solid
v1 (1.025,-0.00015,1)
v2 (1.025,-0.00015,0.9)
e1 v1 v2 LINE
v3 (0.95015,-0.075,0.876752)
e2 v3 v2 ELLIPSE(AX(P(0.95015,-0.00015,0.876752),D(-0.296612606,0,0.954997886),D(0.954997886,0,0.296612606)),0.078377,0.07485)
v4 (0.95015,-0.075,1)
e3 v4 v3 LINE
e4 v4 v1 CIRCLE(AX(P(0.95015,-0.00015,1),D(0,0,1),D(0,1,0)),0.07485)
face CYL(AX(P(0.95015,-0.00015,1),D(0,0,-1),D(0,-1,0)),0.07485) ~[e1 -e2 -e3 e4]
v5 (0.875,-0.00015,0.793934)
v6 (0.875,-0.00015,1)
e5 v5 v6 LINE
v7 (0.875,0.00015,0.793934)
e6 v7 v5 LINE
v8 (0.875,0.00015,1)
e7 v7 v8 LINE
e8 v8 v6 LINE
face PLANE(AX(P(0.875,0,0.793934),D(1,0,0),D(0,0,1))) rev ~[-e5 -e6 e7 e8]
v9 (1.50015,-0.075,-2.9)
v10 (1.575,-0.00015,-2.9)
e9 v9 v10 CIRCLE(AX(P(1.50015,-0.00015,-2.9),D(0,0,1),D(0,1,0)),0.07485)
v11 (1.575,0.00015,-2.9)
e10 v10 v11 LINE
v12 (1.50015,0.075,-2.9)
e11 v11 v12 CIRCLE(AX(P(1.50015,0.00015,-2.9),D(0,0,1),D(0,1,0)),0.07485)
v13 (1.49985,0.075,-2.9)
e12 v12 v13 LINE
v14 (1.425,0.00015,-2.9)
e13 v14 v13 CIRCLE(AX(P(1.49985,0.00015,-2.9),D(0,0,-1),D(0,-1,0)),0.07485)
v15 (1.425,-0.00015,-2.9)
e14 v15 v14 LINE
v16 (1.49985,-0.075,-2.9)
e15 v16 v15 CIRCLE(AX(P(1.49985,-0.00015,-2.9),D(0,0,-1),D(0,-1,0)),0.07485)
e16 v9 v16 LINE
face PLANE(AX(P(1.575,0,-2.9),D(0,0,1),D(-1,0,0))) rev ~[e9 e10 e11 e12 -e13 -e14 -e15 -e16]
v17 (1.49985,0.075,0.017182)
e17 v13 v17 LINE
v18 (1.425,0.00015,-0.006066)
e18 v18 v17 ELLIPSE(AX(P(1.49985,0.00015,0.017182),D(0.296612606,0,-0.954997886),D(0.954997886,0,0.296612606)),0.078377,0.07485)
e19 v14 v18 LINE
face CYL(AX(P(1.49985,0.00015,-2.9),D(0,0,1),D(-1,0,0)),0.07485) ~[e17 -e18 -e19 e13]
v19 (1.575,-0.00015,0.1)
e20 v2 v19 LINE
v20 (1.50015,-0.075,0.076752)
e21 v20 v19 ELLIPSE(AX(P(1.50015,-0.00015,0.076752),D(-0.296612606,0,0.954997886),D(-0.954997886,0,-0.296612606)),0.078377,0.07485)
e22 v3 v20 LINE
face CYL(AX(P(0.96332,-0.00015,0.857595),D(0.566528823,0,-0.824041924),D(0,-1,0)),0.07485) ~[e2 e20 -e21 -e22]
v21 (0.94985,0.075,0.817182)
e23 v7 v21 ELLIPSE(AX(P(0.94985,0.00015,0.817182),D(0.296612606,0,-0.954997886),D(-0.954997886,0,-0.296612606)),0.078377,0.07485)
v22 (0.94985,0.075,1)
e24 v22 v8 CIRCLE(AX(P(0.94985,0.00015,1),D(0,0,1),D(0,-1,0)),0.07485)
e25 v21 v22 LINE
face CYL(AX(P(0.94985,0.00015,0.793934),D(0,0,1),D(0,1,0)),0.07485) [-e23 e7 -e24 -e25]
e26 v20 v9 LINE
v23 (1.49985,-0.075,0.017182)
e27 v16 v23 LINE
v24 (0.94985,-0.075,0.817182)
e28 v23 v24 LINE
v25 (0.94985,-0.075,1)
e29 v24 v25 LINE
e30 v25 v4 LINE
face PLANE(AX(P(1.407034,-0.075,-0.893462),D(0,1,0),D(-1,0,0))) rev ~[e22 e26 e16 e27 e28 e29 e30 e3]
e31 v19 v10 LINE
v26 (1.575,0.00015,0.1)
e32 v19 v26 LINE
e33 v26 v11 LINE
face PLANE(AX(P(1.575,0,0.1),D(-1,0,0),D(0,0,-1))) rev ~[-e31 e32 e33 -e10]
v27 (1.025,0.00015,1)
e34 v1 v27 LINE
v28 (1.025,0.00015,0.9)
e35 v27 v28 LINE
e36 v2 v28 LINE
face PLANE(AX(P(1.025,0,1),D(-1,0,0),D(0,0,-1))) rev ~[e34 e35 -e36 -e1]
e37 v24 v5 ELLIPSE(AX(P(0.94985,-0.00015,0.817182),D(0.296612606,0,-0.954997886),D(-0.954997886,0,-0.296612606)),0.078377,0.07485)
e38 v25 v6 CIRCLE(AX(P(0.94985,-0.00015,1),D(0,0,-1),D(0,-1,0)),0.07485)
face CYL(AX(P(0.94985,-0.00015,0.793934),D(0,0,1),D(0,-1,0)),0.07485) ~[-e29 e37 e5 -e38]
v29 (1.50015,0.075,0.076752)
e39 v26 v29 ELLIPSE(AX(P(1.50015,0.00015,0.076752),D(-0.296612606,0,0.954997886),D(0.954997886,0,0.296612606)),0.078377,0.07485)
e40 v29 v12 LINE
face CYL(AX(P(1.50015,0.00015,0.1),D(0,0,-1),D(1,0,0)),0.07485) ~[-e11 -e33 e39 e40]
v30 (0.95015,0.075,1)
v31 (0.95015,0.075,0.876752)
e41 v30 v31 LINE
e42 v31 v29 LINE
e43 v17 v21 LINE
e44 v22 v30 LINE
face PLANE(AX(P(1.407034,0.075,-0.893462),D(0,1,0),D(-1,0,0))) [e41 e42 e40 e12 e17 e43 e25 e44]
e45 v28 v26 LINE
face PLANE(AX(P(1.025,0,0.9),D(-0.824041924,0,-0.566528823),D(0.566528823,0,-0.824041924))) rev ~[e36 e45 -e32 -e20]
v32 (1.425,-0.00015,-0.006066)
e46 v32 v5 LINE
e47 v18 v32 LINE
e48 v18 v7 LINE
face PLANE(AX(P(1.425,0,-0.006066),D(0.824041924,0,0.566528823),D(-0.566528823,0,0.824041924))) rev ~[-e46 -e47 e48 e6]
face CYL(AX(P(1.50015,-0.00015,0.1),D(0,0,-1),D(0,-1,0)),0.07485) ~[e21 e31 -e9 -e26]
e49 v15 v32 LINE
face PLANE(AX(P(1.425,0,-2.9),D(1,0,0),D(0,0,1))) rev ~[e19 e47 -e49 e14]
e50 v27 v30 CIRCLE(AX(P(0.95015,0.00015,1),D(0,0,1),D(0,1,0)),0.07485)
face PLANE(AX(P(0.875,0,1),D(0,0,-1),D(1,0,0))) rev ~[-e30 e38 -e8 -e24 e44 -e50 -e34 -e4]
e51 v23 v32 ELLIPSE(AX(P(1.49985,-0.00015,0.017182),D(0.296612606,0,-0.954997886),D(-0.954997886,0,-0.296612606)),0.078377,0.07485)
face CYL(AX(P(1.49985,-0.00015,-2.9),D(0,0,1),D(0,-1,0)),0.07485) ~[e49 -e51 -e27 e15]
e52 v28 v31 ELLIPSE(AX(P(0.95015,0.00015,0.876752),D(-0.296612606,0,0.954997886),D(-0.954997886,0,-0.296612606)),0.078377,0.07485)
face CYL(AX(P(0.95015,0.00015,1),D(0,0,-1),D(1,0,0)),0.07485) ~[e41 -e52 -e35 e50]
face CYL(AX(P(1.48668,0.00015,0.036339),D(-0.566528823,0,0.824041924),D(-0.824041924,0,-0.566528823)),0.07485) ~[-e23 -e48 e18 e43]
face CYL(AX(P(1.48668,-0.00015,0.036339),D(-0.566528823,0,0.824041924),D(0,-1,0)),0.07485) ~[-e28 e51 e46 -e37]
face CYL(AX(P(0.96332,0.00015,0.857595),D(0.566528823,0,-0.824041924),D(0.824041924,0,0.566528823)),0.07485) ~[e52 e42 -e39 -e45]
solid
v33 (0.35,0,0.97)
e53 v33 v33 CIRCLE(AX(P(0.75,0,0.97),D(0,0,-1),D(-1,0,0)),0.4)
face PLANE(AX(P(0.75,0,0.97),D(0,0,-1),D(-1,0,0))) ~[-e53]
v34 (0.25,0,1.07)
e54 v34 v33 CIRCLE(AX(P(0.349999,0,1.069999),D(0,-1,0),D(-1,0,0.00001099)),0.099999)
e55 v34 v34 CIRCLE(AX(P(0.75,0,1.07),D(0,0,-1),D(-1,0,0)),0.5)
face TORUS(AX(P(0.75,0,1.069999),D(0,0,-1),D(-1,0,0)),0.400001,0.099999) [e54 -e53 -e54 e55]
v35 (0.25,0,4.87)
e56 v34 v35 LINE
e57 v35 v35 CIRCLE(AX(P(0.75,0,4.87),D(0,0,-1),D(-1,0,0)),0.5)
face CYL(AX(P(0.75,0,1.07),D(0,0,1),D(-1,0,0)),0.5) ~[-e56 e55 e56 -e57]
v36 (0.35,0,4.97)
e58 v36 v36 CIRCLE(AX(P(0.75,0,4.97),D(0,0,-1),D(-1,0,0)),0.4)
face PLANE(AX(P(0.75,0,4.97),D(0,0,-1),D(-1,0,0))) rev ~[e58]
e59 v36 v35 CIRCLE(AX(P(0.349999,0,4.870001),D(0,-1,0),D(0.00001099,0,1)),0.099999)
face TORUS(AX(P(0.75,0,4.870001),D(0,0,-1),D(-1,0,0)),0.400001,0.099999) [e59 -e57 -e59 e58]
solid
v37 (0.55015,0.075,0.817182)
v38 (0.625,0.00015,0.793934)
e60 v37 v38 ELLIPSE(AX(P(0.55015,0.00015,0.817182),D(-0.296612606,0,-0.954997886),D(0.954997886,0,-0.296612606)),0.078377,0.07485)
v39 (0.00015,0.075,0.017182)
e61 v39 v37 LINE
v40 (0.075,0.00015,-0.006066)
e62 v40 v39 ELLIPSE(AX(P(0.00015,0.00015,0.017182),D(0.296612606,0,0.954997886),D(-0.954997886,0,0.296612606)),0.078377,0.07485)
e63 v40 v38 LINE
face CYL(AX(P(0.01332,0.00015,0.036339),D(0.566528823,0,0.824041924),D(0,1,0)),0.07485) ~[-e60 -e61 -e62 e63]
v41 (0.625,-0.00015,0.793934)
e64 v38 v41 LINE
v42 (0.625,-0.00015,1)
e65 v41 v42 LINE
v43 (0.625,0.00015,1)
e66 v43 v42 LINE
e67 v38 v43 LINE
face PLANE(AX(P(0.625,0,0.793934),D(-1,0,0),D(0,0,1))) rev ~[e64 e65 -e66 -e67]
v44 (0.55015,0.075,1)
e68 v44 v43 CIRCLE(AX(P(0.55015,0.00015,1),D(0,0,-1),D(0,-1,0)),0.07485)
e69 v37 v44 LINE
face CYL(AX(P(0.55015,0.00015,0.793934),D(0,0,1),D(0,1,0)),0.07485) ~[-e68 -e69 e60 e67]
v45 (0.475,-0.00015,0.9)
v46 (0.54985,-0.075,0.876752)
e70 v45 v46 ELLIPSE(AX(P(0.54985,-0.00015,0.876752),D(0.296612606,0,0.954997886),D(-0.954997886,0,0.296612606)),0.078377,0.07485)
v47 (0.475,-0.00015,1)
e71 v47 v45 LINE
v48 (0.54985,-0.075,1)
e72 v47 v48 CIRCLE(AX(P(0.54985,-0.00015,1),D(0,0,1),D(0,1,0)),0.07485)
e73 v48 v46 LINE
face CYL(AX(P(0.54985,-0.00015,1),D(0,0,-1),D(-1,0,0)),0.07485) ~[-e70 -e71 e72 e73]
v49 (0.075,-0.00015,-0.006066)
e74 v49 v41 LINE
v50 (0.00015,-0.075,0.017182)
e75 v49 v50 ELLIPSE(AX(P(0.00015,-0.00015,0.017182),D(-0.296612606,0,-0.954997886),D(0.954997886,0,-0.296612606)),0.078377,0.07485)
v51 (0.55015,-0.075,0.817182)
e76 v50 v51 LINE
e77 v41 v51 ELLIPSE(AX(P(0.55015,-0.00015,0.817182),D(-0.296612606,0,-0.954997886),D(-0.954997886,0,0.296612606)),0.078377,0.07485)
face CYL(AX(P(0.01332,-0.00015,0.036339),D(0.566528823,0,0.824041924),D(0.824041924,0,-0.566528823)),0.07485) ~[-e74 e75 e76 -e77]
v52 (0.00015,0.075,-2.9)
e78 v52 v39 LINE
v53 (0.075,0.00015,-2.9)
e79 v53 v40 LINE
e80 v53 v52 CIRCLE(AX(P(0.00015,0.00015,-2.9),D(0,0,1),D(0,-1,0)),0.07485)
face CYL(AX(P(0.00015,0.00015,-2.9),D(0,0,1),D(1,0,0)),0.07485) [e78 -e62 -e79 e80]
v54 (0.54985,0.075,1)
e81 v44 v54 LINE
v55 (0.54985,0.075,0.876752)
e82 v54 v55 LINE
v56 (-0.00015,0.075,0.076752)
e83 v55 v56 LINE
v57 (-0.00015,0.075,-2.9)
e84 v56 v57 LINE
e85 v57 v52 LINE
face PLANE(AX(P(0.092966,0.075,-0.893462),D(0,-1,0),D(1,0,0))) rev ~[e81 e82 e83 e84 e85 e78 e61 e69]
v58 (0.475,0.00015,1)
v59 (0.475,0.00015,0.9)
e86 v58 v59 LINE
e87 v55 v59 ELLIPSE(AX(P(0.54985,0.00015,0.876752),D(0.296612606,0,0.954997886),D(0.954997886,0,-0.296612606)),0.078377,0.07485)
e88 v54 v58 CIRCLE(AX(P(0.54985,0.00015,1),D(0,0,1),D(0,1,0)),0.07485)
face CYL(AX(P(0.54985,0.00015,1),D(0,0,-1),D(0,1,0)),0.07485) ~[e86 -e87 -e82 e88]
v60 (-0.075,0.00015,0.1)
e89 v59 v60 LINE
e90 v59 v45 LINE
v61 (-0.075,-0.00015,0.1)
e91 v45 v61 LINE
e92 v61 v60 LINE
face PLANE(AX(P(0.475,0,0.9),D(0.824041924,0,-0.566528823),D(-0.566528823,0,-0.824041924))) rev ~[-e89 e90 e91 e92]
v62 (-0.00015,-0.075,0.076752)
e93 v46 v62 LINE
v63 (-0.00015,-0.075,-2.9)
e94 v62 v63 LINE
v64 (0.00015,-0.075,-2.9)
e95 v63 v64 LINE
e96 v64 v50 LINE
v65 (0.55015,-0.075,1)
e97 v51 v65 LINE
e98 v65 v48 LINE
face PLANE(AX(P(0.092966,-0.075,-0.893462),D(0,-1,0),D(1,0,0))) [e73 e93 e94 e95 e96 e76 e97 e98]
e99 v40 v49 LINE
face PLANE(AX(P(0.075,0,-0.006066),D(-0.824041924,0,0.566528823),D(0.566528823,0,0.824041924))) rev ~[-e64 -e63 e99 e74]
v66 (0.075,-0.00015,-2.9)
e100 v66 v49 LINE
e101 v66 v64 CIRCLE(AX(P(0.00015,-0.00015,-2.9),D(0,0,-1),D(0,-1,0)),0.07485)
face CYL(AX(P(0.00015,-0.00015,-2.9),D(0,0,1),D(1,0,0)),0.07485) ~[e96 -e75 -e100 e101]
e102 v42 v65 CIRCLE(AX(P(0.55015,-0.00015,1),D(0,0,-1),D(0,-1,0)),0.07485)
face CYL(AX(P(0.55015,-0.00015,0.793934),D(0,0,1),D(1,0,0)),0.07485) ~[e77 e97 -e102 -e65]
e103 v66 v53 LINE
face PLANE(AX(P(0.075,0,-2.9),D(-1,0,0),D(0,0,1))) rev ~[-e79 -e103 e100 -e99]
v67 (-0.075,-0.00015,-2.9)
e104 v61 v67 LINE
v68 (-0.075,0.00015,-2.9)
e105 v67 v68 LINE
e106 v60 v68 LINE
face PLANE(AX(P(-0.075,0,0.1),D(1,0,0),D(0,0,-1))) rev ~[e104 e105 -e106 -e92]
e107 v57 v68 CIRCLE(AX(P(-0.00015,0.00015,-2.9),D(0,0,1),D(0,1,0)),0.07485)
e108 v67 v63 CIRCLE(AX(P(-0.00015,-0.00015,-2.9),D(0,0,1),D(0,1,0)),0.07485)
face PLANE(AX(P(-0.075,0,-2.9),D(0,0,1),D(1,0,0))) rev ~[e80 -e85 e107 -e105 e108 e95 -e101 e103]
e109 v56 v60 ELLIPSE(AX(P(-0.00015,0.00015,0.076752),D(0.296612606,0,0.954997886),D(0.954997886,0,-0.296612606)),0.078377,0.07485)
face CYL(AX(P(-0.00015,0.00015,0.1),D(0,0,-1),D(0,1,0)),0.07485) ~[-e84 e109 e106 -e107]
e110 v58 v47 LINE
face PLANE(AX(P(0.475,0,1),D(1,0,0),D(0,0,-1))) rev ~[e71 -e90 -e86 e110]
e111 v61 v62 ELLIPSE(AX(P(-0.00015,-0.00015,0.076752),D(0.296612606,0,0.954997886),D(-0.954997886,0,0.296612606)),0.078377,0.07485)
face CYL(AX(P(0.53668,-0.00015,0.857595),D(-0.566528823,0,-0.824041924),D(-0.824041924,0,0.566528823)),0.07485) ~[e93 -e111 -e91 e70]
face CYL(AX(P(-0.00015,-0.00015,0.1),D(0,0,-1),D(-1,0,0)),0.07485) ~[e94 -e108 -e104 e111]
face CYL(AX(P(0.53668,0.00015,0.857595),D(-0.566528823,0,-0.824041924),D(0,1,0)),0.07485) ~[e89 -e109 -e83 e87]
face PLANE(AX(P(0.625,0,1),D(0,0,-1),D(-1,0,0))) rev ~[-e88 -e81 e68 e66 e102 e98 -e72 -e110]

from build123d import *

# Parameters (mm, degrees)
PAD_DEPTH = 0.075
FILLET_R  = 0.07485


with BuildPart() as revolution:
    # Sketch002 → Revolution (revolve)
    with BuildSketch(Plane.XZ):
        with BuildLine():
            Line((0.35, 4.97), (0.75, 4.97))
            Line((0.75, 0.97), (0.75, 4.97))
            Line((0.75, 0.97), (0.35, 0.97))
            ThreePointArc((0.25, 1.07), (0.279289, 0.999289), (0.35, 0.97))
            Line((0.25, 1.07), (0.25, 4.87))
            ThreePointArc((0.35, 4.97), (0.279289, 4.940711), (0.25, 4.87))
        make_face()
    revolve(axis=Axis((0.75, 0, 4.97), (0, 0, -1)))


with BuildPart() as fillet_body:
    # Sketch → Pad (new body, symmetric)
    with BuildSketch(Plane.XZ):
        Polygon((0.075, -2.9), (0.075, -0.006066), (0.625, 0.793934), (0.625, 1), (0.475, 1), (0.475, 0.9), (-0.075, 0.1), (-0.075, -2.9), align=None)
        Polygon((0.875, 1), (1.025, 1), (1.025, 0.9), (1.575, 0.1), (1.575, -2.9), (1.425, -2.9), (1.425, -0.006066), (0.875, 0.793934), align=None)
    extrude(amount=PAD_DEPTH, both=True)

    # Fillet
    fillet_edges = [fillet_body.edges().sort_by_distance(p)[0] for p in [
        (0.2, -0.075, 0.5),
        (0.475, -0.075, 0.95),
        (0.625, -0.075, 0.896967),
        (0.35, -0.075, 0.393934),
        (0.075, -0.075, -1.453033),
        (-0.075, -0.075, -1.4),
        (0.075, 0.075, -1.453033),
        (0.35, 0.075, 0.393934),
        (0.625, 0.075, 0.896967),
        (1.15, -0.075, 0.393934),
        (0.875, -0.075, 0.896967),
        (1.425, -0.075, -1.453033),
        (1.575, -0.075, -1.4),
        (1.3, -0.075, 0.5),
        (1.025, -0.075, 0.95),
        (1.025, 0.075, 0.95),
        (1.3, 0.075, 0.5),
        (1.575, 0.075, -1.4),
        (1.425, 0.075, -1.453033),
        (1.15, 0.075, 0.393934),
        (0.875, 0.075, 0.896967),
        (0.475, 0.075, 0.95),
        (-0.075, 0.075, -1.4),
        (0.2, 0.075, 0.5),
    ]]
    fillet(fillet_edges, radius=FILLET_R)


solid = Compound([revolution.part, fillet_body.part])
